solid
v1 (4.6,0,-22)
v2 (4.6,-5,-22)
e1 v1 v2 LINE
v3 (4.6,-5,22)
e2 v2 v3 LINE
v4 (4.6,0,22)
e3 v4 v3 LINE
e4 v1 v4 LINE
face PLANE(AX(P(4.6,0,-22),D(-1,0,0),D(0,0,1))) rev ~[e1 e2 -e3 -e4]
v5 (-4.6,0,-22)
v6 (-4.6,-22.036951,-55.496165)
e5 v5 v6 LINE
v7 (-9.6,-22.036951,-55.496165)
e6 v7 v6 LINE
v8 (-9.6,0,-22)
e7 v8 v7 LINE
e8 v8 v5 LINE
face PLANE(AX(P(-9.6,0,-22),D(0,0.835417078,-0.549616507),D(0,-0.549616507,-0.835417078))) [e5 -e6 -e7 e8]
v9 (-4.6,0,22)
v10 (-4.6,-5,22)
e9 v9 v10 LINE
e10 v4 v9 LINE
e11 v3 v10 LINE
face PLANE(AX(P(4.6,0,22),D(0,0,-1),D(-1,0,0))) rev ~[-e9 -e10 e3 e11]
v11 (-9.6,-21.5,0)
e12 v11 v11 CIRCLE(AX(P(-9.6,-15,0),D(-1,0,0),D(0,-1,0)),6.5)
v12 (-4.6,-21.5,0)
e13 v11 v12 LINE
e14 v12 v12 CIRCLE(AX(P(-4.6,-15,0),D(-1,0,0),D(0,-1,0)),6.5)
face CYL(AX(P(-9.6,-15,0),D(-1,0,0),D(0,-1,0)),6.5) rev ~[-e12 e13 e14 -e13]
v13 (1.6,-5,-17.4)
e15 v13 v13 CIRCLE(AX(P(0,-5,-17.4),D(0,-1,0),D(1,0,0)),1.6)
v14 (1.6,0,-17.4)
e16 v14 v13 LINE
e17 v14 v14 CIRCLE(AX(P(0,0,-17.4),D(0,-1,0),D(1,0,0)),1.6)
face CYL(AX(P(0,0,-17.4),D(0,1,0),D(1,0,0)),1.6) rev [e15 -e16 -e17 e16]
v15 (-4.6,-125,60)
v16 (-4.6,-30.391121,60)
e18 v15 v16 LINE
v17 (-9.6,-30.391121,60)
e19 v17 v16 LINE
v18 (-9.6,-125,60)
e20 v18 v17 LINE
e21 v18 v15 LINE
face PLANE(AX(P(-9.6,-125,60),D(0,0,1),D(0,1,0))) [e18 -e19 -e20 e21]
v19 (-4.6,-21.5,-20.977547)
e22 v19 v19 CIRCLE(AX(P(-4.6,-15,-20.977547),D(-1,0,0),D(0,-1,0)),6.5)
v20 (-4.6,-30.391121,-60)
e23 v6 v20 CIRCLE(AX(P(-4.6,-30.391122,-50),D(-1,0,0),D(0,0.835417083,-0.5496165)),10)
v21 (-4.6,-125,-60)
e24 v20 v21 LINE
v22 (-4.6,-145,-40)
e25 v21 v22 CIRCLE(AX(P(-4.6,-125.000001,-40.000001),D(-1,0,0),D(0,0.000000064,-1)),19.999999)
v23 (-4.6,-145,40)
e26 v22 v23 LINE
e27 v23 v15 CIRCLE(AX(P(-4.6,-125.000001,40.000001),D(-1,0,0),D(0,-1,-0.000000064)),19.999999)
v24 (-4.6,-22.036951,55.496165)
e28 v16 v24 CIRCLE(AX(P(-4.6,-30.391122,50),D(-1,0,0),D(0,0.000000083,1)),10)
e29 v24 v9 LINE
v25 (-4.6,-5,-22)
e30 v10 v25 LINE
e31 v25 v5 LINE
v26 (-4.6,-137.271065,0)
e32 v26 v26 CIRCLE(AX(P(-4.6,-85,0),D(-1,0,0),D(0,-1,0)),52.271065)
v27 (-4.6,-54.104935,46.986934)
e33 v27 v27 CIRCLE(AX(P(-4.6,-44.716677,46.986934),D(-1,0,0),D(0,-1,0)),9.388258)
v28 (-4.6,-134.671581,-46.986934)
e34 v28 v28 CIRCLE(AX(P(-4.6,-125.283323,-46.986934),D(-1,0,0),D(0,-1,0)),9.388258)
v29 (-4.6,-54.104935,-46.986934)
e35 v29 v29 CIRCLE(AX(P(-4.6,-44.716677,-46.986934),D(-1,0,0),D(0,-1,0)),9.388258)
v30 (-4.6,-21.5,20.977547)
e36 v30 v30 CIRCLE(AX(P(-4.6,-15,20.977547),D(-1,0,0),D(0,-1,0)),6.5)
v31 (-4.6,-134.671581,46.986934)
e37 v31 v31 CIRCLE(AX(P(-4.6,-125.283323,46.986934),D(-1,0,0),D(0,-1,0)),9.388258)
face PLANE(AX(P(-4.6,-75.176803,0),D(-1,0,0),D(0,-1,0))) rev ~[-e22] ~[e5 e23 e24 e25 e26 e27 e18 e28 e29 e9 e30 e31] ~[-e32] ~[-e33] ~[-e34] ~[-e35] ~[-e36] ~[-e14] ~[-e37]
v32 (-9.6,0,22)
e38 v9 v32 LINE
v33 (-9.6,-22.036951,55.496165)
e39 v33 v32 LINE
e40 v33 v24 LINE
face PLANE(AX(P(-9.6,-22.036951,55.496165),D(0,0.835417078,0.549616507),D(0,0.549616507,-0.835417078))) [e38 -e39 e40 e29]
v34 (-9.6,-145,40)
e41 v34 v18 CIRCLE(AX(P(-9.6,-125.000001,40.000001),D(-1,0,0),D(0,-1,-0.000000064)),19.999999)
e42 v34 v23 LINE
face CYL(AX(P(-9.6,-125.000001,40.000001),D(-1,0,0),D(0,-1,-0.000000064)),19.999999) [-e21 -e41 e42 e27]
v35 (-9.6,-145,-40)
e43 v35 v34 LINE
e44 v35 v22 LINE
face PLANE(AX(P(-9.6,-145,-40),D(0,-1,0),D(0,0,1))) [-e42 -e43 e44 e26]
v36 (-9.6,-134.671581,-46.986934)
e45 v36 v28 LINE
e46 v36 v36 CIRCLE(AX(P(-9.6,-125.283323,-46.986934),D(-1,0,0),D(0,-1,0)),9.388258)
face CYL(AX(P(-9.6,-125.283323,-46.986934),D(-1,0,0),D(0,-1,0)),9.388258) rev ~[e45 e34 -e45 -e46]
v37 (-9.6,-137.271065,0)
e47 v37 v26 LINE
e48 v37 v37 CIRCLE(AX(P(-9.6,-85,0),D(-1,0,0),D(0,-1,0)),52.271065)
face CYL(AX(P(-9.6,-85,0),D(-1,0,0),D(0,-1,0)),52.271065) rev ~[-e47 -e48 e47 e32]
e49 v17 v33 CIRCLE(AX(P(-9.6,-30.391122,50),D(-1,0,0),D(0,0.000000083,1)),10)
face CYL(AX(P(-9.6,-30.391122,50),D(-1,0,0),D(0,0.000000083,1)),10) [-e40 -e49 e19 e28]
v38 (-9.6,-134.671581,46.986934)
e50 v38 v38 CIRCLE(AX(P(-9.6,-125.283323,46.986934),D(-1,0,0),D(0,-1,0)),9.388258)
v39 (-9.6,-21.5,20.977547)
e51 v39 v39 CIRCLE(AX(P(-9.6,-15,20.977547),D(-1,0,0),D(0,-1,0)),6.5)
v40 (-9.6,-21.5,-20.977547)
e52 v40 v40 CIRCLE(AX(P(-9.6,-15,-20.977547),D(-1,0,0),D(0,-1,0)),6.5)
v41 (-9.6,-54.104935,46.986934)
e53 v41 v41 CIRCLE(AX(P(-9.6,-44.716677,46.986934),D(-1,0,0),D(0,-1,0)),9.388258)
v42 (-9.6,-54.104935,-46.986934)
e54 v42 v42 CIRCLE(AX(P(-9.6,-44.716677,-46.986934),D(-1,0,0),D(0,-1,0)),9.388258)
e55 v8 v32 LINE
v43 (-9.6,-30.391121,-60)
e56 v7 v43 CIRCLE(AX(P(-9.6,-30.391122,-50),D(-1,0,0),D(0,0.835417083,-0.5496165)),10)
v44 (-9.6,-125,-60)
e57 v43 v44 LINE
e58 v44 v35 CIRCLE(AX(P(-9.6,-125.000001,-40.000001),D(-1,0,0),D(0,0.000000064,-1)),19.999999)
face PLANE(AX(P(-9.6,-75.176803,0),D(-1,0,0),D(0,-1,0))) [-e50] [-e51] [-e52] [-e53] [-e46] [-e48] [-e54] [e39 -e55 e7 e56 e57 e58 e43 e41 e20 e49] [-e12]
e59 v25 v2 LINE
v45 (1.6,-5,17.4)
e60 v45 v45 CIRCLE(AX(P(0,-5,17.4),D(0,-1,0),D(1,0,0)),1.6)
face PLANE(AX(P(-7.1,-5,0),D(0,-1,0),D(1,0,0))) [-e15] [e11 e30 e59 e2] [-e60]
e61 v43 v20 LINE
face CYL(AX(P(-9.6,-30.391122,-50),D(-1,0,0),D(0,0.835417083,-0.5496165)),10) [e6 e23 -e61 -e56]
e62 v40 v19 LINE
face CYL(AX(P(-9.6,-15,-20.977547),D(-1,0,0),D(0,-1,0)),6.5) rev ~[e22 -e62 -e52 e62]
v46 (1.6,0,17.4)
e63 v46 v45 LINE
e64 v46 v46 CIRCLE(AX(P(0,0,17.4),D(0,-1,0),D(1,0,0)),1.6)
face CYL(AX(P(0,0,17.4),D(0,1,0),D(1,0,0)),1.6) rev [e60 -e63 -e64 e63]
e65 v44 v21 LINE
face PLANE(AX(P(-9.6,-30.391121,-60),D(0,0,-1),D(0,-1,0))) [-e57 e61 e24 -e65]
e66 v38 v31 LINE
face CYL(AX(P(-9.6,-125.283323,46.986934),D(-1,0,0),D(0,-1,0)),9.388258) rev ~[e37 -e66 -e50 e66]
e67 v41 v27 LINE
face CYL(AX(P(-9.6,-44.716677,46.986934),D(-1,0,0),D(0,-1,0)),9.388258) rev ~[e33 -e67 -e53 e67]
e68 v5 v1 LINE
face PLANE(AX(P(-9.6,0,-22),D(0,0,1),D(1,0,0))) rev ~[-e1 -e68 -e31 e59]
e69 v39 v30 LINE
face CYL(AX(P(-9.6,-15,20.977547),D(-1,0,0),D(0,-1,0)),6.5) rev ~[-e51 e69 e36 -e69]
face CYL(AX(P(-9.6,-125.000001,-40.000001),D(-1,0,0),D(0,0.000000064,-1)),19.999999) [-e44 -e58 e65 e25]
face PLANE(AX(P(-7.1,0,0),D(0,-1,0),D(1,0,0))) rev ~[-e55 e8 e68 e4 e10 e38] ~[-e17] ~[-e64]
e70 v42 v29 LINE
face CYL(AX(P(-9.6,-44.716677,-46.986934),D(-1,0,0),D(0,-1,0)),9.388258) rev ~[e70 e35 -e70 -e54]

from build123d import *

# Parameters (mm, degrees)
F0_W     = 5
F0_H     = 44
F0_W_2   = 9.2
F0_R     = 1.6
F1_DEPTH = 5
F2_R     = 9.388258
F2_R_2   = 6.5
F2_R_3   = 52.271065
F3_DEPTH = 5


with BuildPart() as f1:
    # F0 (on Front) → F1 (new body)
    with BuildSketch(Plane.XZ):
        with Locations((-7.1, 0)):
            Rectangle(F0_W, F0_H)
        Rectangle(F0_W_2, F0_H)
        with Locations((0, -17.4)):
            Circle(F0_R, mode=Mode.SUBTRACT)
        with Locations((0, 17.4)):
            Circle(F0_R, mode=Mode.SUBTRACT)
    extrude(amount=F1_DEPTH)

    # F2 (on face) → F3 (join)
    with BuildSketch(Plane(origin=(-9.6, 0, 0), x_dir=(0, -1, 0), z_dir=(-1, 0, 0))):
        with BuildLine():
            Line((125, 60), (30.391121, 60))
            ThreePointArc((30.391121, 60), (25.645684, 58.802319), (22.036951, 55.496165))
            Line((22.036951, 55.496165), (0, 22))
            Line((0, 22), (5, 22))
            Line((5, 22), (5, -22))
            Line((5, -22), (0, -22))
            Line((0, -22), (22.036951, -55.496165))
            ThreePointArc((22.036951, -55.496165), (25.645684, -58.802319), (30.391121, -60))
            Line((30.391121, -60), (125, -60))
            ThreePointArc((125, -60), (139.142136, -54.142136), (145, -40))
            Line((145, -40), (145, 40))
            ThreePointArc((145, 40), (139.142136, 54.142136), (125, 60))
        make_face()
        with Locations((44.716677, -46.986934)):
            Circle(F2_R, mode=Mode.SUBTRACT)
        with Locations((15, -20.977547)):
            Circle(F2_R_2, mode=Mode.SUBTRACT)
        with Locations((125.283323, -46.986934)):
            Circle(F2_R, mode=Mode.SUBTRACT)
        with Locations((15, 0)):
            Circle(F2_R_2, mode=Mode.SUBTRACT)
        with Locations((15, 20.977547)):
            Circle(F2_R_2, mode=Mode.SUBTRACT)
        with Locations((44.716677, 46.986934)):
            Circle(F2_R, mode=Mode.SUBTRACT)
        with Locations((85, 0)):
            Circle(F2_R_3, mode=Mode.SUBTRACT)
        with Locations((125.283323, 46.986934)):
            Circle(F2_R, mode=Mode.SUBTRACT)
    extrude(amount=-F3_DEPTH)


solid = f1.part
